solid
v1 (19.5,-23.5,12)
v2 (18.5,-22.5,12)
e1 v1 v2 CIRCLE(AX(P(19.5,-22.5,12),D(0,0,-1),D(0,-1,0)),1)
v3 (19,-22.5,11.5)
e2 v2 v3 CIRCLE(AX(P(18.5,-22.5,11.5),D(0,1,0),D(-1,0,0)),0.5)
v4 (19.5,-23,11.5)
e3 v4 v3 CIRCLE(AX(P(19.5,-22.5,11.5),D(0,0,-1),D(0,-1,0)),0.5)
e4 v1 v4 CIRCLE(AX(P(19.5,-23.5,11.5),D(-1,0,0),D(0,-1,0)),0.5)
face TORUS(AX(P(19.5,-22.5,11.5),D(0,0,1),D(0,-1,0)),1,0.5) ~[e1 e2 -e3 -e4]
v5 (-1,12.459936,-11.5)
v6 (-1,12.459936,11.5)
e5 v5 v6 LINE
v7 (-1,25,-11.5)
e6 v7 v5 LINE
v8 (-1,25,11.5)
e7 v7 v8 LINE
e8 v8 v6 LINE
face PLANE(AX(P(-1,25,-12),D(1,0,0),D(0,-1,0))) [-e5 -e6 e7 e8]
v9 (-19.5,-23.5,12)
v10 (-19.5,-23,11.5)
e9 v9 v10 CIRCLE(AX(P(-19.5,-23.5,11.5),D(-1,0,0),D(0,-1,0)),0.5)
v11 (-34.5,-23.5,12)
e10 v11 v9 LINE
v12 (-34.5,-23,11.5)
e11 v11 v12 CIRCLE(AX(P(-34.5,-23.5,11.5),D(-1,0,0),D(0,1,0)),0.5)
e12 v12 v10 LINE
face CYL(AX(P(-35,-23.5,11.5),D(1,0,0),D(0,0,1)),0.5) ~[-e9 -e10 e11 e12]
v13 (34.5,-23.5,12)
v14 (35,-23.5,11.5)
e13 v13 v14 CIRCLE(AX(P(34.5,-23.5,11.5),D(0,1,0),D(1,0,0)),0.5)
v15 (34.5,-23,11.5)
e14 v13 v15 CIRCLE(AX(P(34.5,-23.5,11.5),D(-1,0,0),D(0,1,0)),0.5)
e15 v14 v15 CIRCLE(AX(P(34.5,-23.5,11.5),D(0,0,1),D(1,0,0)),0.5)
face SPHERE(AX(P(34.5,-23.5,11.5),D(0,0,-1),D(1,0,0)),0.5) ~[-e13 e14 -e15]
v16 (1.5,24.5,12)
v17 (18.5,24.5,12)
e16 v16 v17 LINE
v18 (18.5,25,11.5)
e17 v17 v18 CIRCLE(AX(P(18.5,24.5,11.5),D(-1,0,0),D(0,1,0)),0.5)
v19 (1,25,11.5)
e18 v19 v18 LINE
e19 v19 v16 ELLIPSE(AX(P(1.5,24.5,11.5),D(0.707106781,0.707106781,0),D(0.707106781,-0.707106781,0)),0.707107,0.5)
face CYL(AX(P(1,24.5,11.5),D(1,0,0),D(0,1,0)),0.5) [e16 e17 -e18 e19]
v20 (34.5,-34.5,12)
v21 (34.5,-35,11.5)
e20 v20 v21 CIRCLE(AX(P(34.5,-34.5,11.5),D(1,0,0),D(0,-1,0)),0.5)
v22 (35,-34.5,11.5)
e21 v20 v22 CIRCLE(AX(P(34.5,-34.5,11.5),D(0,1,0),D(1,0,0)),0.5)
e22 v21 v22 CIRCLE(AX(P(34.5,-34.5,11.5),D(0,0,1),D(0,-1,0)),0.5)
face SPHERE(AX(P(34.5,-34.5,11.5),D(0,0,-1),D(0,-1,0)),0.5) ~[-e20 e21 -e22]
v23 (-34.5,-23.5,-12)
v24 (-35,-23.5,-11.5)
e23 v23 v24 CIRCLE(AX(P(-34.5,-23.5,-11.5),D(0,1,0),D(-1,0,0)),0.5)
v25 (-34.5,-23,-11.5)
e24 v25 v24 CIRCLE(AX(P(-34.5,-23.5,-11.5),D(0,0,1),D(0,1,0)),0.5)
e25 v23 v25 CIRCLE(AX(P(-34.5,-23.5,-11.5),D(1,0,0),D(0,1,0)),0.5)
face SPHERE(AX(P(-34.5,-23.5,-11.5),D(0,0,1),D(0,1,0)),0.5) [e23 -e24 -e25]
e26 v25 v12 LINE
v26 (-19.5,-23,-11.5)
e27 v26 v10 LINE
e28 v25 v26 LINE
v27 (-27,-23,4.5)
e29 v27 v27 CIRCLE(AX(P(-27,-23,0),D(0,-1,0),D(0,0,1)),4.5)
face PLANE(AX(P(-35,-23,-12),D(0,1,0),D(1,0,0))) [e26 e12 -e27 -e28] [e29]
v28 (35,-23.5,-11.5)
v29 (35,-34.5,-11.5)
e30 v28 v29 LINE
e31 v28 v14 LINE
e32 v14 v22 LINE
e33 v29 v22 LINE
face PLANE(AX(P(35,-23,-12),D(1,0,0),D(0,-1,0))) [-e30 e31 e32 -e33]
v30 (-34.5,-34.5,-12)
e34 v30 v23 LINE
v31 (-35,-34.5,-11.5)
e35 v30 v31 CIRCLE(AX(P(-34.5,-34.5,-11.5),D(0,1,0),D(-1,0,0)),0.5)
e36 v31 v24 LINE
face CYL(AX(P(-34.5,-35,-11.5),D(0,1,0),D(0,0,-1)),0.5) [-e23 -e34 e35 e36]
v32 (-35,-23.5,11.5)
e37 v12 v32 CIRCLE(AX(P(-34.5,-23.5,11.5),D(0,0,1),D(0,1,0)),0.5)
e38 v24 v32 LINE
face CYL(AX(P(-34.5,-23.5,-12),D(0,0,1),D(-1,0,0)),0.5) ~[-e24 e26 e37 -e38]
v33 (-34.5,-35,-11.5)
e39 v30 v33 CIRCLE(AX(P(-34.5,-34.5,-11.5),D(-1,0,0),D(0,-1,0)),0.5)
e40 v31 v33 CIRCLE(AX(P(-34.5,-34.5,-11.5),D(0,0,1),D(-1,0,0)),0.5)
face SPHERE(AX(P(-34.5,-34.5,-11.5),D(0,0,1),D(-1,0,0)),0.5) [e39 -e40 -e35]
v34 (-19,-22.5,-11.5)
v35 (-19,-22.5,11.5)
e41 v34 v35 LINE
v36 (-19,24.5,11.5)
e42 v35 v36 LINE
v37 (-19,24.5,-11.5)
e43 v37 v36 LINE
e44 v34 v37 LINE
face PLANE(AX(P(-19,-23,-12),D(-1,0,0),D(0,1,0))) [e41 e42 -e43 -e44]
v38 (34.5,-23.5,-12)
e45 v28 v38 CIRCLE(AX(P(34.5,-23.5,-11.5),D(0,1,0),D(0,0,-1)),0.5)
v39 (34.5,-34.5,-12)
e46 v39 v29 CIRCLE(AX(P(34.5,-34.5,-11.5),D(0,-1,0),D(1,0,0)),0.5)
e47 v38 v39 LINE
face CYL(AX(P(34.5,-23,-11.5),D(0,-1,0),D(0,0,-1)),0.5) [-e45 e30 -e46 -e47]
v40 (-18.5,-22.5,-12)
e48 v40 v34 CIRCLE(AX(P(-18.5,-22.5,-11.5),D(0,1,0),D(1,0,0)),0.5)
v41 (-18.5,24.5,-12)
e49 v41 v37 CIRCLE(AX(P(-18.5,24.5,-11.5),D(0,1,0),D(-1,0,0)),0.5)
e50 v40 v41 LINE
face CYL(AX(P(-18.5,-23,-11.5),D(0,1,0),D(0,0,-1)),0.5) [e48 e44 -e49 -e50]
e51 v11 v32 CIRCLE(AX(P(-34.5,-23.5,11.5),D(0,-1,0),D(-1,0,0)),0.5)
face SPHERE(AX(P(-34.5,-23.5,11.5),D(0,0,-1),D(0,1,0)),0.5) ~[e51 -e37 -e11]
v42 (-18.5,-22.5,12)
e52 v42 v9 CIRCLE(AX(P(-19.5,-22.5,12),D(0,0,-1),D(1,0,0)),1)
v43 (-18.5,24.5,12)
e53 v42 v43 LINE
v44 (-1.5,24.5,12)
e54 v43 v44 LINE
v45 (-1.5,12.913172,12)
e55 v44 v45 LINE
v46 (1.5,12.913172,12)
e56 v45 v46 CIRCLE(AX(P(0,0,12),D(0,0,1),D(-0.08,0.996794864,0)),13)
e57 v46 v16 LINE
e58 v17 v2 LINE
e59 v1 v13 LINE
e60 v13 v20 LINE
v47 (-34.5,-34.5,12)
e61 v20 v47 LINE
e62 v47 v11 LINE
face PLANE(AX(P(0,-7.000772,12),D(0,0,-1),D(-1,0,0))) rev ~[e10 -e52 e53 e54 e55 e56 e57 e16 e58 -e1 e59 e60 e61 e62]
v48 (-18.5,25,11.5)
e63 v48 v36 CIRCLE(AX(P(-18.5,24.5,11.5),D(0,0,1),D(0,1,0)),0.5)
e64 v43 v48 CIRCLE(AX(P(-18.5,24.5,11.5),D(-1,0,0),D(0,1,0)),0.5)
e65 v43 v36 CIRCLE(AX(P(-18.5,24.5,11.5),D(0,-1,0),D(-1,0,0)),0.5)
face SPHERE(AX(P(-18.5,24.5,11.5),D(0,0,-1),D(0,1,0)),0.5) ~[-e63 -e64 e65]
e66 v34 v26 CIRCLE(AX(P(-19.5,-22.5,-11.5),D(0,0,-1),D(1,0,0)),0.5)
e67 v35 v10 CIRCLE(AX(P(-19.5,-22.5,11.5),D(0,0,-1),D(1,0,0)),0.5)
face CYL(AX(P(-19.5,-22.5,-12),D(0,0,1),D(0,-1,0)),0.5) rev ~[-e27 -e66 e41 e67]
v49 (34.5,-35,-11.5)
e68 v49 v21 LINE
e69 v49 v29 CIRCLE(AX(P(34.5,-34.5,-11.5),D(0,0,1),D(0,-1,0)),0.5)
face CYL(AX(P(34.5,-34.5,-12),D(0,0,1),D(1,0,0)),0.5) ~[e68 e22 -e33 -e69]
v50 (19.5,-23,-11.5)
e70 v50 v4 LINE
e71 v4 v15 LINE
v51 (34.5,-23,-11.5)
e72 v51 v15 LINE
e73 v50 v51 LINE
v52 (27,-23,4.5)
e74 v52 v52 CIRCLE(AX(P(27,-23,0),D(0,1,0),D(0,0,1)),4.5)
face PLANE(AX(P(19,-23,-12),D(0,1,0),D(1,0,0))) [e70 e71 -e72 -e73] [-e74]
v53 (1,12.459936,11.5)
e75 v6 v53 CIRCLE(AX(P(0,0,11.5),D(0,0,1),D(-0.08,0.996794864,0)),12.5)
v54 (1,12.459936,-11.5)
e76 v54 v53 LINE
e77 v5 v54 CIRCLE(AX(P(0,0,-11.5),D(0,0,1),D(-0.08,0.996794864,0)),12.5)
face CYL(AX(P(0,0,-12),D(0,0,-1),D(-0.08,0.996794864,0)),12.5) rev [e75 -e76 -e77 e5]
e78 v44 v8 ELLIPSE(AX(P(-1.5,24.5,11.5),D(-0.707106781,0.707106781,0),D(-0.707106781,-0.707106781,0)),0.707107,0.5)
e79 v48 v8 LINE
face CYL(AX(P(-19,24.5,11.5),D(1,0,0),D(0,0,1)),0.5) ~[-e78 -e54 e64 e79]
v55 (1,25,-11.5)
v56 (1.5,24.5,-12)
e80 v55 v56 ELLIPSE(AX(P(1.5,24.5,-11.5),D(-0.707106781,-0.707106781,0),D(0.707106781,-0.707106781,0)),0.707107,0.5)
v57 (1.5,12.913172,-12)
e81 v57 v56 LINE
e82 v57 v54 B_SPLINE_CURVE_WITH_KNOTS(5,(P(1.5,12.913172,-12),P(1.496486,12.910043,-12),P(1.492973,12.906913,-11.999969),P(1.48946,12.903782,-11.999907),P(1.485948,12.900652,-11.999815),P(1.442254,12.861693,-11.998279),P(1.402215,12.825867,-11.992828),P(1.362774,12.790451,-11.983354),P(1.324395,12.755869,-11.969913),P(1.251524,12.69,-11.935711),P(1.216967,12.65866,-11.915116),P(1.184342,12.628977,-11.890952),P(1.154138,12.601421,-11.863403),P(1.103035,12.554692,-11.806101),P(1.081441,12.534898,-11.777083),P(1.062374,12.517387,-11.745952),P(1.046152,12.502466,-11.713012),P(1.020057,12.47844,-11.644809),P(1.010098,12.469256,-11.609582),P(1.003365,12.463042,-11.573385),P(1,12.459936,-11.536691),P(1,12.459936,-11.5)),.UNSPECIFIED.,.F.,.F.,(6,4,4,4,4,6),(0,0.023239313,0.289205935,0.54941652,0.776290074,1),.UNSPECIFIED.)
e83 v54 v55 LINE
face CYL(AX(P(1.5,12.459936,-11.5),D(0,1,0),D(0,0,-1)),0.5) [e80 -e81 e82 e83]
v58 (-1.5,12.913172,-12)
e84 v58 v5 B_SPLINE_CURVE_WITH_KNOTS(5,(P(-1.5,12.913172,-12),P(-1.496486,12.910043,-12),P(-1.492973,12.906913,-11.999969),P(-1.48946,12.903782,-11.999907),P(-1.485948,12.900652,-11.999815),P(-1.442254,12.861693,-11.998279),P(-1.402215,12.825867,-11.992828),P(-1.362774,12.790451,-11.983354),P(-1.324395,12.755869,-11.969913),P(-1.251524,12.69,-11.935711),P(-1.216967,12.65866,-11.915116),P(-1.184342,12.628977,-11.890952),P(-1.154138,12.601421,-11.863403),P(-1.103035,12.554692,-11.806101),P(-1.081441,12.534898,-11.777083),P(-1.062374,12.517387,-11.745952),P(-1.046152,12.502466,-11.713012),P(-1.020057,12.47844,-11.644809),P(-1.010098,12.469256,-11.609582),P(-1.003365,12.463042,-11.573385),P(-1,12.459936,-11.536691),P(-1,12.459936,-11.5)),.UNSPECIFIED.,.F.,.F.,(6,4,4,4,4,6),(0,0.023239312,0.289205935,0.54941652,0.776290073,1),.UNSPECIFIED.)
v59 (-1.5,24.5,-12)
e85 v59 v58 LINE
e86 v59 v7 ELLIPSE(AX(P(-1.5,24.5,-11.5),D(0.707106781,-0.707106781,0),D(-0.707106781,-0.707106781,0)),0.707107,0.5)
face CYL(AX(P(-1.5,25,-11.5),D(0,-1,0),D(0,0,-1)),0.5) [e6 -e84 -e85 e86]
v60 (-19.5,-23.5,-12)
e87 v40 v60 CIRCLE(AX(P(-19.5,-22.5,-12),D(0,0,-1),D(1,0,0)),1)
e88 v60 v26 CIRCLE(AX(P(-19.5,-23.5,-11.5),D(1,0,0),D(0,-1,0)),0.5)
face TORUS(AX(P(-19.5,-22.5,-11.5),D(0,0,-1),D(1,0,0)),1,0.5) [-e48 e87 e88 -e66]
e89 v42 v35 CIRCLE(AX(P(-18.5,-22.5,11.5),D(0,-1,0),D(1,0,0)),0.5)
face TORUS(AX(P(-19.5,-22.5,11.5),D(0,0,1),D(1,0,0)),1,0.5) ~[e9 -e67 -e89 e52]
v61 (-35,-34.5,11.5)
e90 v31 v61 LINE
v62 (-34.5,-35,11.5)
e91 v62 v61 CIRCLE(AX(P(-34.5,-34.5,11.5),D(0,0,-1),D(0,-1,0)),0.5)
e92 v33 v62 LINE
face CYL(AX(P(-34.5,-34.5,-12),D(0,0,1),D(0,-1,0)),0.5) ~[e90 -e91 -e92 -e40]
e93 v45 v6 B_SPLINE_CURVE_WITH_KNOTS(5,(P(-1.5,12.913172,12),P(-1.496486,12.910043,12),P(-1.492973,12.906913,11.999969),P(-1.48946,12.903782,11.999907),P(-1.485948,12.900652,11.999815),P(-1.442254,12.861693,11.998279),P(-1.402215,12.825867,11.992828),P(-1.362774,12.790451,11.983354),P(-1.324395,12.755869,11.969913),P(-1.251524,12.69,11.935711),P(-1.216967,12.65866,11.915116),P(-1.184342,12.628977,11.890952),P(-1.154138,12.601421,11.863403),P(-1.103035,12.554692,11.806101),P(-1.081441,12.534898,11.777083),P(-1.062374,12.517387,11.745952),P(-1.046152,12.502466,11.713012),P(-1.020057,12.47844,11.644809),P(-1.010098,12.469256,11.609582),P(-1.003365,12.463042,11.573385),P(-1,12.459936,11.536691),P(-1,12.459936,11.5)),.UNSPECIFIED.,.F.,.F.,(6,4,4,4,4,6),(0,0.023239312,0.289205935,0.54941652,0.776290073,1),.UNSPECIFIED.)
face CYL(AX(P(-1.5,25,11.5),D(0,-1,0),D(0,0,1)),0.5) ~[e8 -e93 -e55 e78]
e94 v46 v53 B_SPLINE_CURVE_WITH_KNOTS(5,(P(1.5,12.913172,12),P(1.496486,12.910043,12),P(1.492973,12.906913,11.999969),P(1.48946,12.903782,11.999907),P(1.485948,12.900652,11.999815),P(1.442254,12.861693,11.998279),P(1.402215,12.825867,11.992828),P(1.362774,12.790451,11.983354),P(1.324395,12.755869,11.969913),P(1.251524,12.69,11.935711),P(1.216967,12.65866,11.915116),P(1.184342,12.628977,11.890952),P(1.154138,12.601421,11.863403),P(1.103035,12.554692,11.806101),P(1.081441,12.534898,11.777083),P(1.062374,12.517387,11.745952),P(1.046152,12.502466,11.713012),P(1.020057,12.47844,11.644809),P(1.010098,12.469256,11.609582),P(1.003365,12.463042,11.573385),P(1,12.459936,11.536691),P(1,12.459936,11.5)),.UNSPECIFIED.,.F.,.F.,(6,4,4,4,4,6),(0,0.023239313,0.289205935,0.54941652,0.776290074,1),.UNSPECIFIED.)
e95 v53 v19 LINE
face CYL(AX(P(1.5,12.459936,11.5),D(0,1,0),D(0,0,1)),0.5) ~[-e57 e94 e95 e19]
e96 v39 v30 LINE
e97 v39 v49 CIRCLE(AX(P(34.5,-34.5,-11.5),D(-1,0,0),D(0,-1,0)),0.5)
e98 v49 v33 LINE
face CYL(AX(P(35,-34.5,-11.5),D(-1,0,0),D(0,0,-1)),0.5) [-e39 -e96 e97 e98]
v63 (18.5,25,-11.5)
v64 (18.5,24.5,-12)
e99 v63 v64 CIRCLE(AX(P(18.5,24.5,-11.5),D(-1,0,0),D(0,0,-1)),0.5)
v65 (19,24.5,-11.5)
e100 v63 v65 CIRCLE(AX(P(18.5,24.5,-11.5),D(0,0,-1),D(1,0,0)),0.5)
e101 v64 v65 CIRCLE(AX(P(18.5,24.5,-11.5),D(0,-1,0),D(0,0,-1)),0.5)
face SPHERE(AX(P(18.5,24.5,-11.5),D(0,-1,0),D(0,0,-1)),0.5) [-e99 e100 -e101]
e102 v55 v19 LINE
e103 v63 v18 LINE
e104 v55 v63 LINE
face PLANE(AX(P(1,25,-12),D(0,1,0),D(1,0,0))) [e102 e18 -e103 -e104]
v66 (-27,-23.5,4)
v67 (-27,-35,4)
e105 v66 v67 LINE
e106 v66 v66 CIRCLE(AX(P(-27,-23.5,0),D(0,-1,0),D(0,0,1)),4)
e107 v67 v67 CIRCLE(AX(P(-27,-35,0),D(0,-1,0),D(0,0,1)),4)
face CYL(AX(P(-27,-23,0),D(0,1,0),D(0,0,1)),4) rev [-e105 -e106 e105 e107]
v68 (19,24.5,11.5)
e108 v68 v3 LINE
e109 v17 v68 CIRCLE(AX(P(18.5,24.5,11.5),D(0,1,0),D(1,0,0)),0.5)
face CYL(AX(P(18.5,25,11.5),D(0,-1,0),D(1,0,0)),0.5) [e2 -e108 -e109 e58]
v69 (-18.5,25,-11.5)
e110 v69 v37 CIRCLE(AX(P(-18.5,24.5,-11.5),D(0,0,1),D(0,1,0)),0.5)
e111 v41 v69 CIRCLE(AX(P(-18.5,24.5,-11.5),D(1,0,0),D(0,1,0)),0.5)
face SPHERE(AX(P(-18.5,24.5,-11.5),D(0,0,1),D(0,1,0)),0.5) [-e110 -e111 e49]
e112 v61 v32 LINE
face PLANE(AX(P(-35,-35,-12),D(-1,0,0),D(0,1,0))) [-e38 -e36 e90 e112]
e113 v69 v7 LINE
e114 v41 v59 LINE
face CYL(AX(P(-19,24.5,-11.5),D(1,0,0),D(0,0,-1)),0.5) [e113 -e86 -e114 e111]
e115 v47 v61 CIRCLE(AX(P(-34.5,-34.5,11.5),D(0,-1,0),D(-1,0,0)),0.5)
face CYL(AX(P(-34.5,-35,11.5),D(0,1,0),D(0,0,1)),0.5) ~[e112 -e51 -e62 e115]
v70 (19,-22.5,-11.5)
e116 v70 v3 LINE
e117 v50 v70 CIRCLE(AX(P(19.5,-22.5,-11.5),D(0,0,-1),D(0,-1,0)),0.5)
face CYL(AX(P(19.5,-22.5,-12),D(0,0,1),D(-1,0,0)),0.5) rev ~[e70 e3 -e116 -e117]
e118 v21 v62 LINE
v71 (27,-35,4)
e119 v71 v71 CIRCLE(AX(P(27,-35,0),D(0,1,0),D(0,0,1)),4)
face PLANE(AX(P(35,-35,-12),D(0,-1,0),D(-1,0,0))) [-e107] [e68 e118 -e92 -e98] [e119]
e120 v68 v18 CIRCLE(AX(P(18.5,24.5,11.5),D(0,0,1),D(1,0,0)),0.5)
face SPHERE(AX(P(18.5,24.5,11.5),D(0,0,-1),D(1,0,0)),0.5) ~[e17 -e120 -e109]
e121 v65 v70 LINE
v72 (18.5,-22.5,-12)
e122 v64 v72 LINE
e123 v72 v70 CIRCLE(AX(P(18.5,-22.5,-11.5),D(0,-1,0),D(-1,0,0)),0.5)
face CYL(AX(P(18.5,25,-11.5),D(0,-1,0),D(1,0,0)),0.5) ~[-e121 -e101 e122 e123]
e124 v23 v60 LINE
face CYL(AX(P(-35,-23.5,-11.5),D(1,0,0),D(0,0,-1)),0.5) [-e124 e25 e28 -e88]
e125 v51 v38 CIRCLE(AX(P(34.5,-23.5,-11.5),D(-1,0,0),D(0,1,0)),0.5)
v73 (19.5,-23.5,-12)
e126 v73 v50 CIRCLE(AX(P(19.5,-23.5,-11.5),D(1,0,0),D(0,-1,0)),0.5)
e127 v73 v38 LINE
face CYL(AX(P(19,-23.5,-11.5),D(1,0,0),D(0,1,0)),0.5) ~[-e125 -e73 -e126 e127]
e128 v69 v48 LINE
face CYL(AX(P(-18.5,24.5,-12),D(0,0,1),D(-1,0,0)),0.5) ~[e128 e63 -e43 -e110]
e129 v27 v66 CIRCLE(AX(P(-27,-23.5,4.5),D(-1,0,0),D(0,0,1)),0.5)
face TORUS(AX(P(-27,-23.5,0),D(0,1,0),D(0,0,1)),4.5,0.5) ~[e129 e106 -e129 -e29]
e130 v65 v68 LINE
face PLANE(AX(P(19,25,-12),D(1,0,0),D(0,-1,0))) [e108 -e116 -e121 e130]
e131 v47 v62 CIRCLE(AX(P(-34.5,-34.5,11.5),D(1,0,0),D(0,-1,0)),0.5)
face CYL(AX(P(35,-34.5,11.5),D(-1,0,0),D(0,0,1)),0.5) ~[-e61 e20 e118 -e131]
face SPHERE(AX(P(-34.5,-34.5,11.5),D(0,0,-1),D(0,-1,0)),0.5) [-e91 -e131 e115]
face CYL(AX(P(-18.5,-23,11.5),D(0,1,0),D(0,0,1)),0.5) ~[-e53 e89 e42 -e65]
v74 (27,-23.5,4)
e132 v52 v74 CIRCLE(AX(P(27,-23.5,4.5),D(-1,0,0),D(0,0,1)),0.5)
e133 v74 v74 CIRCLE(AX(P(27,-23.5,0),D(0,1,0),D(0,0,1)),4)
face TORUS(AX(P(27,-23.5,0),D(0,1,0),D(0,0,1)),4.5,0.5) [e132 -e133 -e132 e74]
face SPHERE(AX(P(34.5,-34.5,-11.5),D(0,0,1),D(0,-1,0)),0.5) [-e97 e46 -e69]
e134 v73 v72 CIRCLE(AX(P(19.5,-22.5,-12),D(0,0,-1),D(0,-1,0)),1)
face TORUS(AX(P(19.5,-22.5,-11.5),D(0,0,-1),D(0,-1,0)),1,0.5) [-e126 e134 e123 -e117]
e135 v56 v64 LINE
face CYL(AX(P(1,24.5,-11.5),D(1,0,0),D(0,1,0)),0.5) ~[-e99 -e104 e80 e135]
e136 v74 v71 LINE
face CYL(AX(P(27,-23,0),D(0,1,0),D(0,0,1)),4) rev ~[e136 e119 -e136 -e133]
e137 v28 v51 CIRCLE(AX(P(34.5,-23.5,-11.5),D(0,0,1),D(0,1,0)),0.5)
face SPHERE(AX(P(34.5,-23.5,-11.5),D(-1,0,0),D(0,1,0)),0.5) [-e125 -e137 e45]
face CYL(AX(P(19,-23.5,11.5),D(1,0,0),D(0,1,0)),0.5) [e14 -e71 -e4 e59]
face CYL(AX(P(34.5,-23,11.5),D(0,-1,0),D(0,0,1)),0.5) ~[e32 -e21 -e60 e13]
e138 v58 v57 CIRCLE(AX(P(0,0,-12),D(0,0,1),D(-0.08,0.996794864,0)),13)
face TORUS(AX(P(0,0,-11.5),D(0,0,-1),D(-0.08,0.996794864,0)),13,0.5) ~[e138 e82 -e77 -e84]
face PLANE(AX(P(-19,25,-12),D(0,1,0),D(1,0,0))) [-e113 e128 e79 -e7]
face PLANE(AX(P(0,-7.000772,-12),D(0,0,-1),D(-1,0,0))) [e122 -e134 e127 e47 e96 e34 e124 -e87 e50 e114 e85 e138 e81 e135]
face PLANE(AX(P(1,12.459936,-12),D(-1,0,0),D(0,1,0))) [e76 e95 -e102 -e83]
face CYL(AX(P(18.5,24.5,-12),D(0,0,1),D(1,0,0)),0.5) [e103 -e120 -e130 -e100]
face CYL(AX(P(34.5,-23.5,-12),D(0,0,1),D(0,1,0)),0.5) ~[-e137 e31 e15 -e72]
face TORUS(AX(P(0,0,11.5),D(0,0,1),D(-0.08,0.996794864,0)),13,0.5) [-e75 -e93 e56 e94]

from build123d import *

# Parameters (mm, degrees)
DODANIE_WYCI_GNI_CIE1_DEPTH      = 12
DODANIE_WYCI_GNI_CIE1_DEPTH_BACK = 12
WYTNIJ_WYCI_GNI_CIE1_REACH       = 62.605
SZKIC2_R                         = 4
ZAOKR_GLENIE1_R                  = 0.5


with BuildPart() as part:
    # Szkic1 → Dodanie-wyciągnięcie1 (new, two sides: drawn at the far end of the back side and taken through both)
    with BuildSketch(Plane.XY.offset(-DODANIE_WYCI_GNI_CIE1_DEPTH_BACK)):
        with BuildLine():
            Line((19, 25), (19, -23))
            Line((19, -23), (35, -23))
            Line((35, -23), (35, -35))
            Line((35, -35), (-35, -35))
            Line((-35, -35), (-35, -23))
            Line((-35, -23), (-19, -23))
            Line((-19, -23), (-19, 25))
            Line((-19, 25), (-1, 25))
            Line((-1, 25), (-1, 12.459935794))
            ThreePointArc((-1, 12.459935794), (0, -12.5), (1, 12.459935794))
            Line((1, 12.459935794), (1, 25))
            Line((1, 25), (19, 25))
        make_face()
    extrude(amount=DODANIE_WYCI_GNI_CIE1_DEPTH + DODANIE_WYCI_GNI_CIE1_DEPTH_BACK)

    # Szkic2 → Wytnij-wyciągnięcie1 (cut, up to next)
    with BuildSketch(Plane(origin=(0, -23, 0), x_dir=(1, 0, 0), z_dir=(0, 1, 0)), mode=Mode.PRIVATE) as wytnij_wyci_gni_cie1_sk1:
        with Locations((27, 0)):
            Circle(SZKIC2_R)
    wytnij_wyci_gni_cie1_tool1 = extrude(wytnij_wyci_gni_cie1_sk1.sketch, amount=-WYTNIJ_WYCI_GNI_CIE1_REACH, mode=Mode.PRIVATE) & part.part
    wytnij_wyci_gni_cie1 = wytnij_wyci_gni_cie1_tool1.solids().sort_by_distance((27, -23, 0))[0]
    add(wytnij_wyci_gni_cie1, mode=Mode.SUBTRACT)

    # Lustro1: Wytnij-wyciągnięcie1 across plane
    add(wytnij_wyci_gni_cie1.mirror(Plane(origin=(0, 0, 0), x_dir=(0, 0, 1), z_dir=(1, 0, 0))), mode=Mode.SUBTRACT)

    # Zaokrąglenie1
    zaokr_glenie1_edges = [part.edges().sort_by_distance(p)[0] for p in [
        (-35, -35, 0),
        (-19, 25, 0),
        (-19, -23, 0),
        (-35, -23, 0),
        (-23, -23, 0),
        (10, 25, -12),
        (1, 18.729967897, -12),
        (0, -12.5, -12),
        (-1, 18.729967897, -12),
        (-10, 25, -12),
        (-19, 1, -12),
        (-27, -23, -12),
        (-35, -29, -12),
        (0, -35, -12),
        (35, -29, -12),
        (35, -35, 0),
        (27, -23, -12),
        (35, -23, 0),
        (23, -23, 0),
        (19, 1, -12),
        (19, -23, 0),
        (19, 25, 0),
        (-35, -29, 12),
        (-27, -23, 12),
        (-19, 1, 12),
        (-10, 25, 12),
        (-1, 18.729967897, 12),
        (0, -12.5, 12),
        (1, 18.729967897, 12),
        (10, 25, 12),
        (19, 1, 12),
        (27, -23, 12),
        (35, -29, 12),
        (0, -35, 12),
    ]]
    fillet(zaokr_glenie1_edges, radius=ZAOKR_GLENIE1_R)


solid = part.part
